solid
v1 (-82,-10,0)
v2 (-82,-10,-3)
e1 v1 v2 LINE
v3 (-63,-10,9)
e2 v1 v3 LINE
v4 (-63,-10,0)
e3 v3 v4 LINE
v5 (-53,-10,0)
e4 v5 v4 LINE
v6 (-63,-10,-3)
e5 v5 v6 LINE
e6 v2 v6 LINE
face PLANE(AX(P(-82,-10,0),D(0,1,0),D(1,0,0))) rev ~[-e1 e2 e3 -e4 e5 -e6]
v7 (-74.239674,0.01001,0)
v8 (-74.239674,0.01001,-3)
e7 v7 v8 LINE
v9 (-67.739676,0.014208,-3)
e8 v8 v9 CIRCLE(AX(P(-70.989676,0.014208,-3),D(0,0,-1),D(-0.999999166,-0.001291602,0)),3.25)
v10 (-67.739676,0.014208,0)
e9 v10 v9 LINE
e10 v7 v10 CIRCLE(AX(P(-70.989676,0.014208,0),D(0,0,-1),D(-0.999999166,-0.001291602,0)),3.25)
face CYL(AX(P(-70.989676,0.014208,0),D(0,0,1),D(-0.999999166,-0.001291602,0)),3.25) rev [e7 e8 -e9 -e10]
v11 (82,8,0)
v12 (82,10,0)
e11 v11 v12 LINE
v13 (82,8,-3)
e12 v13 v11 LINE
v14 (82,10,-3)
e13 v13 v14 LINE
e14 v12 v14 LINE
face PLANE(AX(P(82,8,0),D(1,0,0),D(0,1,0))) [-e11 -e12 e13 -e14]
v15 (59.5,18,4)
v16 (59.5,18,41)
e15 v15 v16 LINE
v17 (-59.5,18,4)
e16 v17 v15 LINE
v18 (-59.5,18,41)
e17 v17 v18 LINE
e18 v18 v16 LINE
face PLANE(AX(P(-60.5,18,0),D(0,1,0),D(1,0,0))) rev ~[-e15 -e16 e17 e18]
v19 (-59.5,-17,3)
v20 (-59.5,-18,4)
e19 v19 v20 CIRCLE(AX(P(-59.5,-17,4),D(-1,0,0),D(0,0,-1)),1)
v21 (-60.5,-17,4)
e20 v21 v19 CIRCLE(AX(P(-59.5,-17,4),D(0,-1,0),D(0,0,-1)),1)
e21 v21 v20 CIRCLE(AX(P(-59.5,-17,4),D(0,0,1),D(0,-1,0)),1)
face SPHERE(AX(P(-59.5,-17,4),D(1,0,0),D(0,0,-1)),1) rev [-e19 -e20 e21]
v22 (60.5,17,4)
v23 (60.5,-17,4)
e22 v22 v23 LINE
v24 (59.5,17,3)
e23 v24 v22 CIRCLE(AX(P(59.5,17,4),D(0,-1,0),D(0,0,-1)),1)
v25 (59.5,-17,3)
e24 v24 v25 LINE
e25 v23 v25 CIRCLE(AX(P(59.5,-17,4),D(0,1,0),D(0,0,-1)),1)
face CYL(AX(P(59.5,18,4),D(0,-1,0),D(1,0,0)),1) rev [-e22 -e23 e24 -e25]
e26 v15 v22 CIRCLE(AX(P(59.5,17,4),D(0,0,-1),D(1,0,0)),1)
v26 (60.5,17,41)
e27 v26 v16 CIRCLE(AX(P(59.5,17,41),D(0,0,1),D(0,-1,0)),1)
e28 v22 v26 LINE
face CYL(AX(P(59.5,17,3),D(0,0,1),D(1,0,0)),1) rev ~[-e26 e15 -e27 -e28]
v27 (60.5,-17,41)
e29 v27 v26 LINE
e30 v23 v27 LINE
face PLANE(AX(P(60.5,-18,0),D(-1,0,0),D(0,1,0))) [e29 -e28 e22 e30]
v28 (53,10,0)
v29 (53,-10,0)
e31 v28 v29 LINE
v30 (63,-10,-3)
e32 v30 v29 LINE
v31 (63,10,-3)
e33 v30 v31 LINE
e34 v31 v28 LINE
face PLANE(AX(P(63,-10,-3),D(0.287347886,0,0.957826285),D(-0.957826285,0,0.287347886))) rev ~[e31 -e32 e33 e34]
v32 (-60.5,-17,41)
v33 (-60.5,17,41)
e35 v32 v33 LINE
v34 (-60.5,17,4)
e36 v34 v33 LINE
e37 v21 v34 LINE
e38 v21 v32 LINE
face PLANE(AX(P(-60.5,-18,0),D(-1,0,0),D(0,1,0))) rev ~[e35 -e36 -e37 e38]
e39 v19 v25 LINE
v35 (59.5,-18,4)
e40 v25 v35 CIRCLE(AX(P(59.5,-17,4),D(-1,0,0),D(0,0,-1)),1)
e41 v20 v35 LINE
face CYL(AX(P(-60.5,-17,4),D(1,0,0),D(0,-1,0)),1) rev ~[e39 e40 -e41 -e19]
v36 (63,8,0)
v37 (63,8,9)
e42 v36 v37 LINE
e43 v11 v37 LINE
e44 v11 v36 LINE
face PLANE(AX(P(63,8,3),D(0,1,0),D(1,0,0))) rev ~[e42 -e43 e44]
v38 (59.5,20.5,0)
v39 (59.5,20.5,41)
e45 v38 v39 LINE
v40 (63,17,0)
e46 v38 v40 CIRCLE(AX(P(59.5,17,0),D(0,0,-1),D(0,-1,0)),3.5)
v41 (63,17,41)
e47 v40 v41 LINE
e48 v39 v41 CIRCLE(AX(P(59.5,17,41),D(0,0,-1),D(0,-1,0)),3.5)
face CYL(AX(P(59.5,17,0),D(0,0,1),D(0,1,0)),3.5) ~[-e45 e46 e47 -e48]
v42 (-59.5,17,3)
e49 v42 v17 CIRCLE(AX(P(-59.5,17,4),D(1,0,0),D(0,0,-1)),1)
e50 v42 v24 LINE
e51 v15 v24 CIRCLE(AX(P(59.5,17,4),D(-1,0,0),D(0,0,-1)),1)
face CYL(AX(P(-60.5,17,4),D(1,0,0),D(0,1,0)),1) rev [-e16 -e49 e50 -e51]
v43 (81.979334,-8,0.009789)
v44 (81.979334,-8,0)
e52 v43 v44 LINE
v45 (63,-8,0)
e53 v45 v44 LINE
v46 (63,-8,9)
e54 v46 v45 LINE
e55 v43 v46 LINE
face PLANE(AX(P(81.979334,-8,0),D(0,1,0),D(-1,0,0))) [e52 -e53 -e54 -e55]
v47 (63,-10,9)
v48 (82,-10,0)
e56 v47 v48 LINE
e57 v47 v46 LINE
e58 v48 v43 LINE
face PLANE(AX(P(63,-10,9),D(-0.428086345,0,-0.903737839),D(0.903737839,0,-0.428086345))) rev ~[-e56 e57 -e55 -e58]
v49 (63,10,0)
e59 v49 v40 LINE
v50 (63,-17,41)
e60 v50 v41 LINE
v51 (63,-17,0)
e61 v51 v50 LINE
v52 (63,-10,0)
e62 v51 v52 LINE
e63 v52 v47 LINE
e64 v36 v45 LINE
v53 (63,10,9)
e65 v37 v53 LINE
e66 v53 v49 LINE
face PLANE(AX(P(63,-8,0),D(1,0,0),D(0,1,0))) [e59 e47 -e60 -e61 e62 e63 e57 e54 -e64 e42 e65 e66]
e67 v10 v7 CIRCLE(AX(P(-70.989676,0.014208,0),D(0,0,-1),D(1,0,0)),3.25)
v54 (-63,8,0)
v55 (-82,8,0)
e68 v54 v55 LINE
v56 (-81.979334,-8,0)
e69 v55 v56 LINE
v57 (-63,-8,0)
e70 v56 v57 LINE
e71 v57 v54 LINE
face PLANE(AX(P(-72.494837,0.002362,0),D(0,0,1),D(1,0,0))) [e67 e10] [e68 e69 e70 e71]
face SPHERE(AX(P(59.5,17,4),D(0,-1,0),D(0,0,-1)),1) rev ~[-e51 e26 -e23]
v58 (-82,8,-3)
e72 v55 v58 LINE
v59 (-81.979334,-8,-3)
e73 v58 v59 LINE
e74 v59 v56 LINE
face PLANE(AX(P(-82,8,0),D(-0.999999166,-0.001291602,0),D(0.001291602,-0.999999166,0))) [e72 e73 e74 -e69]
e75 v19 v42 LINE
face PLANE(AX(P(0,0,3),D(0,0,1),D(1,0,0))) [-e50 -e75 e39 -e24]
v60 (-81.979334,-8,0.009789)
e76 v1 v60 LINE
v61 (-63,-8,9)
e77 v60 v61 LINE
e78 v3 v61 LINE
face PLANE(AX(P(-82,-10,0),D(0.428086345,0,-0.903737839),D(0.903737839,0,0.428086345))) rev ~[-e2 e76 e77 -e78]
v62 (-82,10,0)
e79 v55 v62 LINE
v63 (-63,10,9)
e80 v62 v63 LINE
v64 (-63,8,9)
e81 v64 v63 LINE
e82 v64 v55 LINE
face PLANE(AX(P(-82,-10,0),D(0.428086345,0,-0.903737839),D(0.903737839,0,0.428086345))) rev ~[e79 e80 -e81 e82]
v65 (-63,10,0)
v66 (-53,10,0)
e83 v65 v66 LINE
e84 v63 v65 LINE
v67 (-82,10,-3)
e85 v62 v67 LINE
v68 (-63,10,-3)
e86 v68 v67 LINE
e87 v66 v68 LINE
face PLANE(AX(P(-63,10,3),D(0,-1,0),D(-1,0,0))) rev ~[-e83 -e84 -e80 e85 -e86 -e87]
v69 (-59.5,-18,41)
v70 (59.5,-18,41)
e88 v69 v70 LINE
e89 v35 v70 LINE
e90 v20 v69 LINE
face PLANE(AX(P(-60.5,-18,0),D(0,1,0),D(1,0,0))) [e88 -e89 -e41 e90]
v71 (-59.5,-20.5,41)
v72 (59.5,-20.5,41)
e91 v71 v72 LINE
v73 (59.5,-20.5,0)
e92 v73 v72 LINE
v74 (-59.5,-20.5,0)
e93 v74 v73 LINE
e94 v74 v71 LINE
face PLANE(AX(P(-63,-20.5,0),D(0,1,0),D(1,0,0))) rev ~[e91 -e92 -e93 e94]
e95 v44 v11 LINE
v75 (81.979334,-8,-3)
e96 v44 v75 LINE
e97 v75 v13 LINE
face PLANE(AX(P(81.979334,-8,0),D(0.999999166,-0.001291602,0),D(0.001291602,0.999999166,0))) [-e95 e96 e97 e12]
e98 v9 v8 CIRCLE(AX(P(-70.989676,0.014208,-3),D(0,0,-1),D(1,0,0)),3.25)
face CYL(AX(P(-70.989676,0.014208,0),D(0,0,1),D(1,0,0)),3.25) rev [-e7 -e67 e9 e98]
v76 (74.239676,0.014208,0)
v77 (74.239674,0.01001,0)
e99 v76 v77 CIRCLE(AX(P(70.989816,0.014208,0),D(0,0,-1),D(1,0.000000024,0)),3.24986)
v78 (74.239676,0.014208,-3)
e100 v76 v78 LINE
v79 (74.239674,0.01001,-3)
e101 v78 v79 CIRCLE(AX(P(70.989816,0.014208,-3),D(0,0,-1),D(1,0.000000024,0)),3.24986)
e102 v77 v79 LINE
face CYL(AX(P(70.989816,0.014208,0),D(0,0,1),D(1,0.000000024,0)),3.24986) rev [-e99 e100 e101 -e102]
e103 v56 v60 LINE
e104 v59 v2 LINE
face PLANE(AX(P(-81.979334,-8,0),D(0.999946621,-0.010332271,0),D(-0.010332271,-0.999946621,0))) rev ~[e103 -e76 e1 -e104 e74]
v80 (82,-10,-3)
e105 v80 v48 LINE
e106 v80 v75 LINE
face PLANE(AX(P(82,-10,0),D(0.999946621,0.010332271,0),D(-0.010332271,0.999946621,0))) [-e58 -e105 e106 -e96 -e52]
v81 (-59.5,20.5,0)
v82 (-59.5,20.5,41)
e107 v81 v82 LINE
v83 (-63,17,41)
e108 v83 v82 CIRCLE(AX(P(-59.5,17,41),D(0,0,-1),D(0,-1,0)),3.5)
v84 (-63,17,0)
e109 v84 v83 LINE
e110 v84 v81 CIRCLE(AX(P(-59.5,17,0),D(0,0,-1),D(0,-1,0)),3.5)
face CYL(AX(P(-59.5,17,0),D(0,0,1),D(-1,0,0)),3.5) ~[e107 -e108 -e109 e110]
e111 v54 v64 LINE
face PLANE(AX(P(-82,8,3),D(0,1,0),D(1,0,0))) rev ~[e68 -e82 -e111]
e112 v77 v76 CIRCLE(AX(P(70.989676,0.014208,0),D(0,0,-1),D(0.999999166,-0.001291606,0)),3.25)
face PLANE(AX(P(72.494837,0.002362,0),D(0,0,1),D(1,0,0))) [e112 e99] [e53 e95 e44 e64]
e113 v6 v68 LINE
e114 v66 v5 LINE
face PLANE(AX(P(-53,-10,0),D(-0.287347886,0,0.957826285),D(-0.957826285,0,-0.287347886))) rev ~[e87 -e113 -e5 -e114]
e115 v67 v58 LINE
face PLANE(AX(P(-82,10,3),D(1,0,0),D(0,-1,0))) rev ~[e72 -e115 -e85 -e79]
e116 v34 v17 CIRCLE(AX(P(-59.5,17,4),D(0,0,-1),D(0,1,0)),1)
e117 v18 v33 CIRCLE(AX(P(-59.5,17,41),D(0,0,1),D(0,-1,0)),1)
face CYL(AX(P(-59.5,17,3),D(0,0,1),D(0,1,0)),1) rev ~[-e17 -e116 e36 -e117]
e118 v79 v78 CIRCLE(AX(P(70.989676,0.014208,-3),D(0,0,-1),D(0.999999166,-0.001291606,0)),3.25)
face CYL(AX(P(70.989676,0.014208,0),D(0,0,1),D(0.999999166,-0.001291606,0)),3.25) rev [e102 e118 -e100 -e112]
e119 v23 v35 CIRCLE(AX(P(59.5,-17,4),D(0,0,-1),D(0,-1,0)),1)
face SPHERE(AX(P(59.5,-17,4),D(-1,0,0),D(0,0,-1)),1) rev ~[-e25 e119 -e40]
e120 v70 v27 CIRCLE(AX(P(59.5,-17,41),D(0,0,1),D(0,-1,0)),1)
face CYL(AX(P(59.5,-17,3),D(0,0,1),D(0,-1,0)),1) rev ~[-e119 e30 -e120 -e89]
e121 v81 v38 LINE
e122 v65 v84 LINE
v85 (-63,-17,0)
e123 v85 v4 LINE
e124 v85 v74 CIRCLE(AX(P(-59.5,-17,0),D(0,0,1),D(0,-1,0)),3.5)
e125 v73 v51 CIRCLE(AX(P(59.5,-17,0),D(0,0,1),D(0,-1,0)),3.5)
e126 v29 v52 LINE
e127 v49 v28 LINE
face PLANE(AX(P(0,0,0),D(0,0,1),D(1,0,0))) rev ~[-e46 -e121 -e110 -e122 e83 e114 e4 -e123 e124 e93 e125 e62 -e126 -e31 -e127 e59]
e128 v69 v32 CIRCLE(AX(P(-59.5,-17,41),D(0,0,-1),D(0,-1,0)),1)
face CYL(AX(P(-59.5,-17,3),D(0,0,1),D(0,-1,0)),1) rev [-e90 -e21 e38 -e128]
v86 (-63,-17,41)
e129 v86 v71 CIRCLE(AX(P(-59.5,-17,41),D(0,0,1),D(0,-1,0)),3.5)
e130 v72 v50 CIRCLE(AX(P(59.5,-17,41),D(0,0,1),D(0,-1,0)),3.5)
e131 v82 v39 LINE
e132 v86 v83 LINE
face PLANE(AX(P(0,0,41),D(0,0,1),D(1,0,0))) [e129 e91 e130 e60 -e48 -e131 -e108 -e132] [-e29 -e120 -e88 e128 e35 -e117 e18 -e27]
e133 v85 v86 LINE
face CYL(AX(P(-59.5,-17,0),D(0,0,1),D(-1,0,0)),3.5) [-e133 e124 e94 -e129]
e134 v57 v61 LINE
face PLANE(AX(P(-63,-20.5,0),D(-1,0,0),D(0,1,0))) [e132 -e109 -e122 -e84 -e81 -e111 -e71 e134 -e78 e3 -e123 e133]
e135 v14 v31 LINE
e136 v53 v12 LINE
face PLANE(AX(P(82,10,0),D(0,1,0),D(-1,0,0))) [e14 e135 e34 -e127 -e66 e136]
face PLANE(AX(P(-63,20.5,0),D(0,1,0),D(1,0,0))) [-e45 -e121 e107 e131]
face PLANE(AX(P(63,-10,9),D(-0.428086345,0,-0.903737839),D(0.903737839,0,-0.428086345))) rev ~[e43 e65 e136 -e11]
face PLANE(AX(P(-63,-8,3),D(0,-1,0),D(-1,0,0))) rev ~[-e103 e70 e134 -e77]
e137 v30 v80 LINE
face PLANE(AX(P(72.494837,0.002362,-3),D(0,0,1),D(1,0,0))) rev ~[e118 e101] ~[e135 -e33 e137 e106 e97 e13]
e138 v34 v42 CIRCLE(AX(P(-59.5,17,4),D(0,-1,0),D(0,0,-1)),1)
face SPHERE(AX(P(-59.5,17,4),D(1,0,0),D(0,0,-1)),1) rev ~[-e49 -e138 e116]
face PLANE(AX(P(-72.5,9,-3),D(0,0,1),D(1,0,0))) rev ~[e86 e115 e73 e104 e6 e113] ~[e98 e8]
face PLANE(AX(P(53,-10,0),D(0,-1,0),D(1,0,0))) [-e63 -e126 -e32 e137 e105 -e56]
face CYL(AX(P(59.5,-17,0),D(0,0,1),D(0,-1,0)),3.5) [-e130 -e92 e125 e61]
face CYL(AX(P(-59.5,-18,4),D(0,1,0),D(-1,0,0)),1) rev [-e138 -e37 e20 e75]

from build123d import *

# Parameters (mm, degrees)
F0_W     = 126
F0_H     = 41
F0_W_2   = 121
F0_H_2   = 36
F1_DEPTH = 41
F2_DEPTH = 3
F3_W     = 10
F3_H     = 2
F3_H_2   = 16
F4_DEPTH = 3
F5_DEPTH = 3
F6_DEPTH = 6
F8_DEPTH = 20
F9_R     = 3.5
F10_R    = 1


with BuildPart() as f1:
    # F0 (on Top) → F1 (new body)
    with BuildSketch(Plane.XY):
        Rectangle(F0_W, F0_H)
        Rectangle(F0_W_2, F0_H_2, mode=Mode.SUBTRACT)
    extrude(amount=F1_DEPTH)

    # F0 (on Top) → F2 (join)
    with BuildSketch(Plane.XY):
        Rectangle(F0_W_2, F0_H_2)
    extrude(amount=F2_DEPTH)

    # F3 (on Top) → F4 (join, symmetric)
    with BuildSketch(Plane.XY):
        Polygon((-82, 8), (-81.9793343544, 8), (-63, 8), (-63, 10), (-82, 10), align=None)
        with Locations((-58, 9)):
            Rectangle(F3_W, F3_H)
        with Locations((-58, 0)):
            Rectangle(F3_W, F3_H_2)
        Polygon((-63, -10), (-63, -8), (-81.9793343544, -8), (-82, -10), align=None)
        with Locations((-58, -9)):
            Rectangle(F3_W, F3_H)
        Polygon((81.9793343544, -8), (63, -8), (63, -10), (82, -10), align=None)
        with Locations((58, -9)):
            Rectangle(F3_W, F3_H)
        with Locations((58, 0)):
            Rectangle(F3_W, F3_H_2)
        with Locations((58, 9)):
            Rectangle(F3_W, F3_H)
        Polygon((63, 8), (81.9793343544, 8), (82, 8), (82, 10), (63, 10), align=None)
    extrude(amount=F4_DEPTH, both=True)

    # F3 (on Top) → F5 (join)
    with BuildSketch(Plane.XY):
        Polygon((82, 8), (81.9793343544, 8), (63, 8), (63, -8), (81.9793343544, -8), (81.9896671772, 0), align=None)
        with BuildLine():
            ThreePointArc((74.2396763525, 0.0142076195), (74.2396756748, 0.0121087662), (74.2396736416, 0.0100099137))
            ThreePointArc((74.2396736416, 0.0100099137), (67.7396770302, 0.0163064728), (74.2396763525, 0.0142076195))
        make_face(mode=Mode.SUBTRACT)
        Polygon((-63, 8), (-81.9793343544, 8), (-82, 8), (-81.9896671772, 0), (-81.9793343544, -8), (-63, -8), align=None)
        with BuildLine():
            ThreePointArc((-67.7396763525, 0.0142076195), (-70.9875774992, -3.2357917028), (-74.2396736416, 0.0100099137))
            ThreePointArc((-74.2396736416, 0.0100099137), (-70.9917752058, 3.2642069418), (-67.7396763525, 0.0142076195))
        make_face(mode=Mode.SUBTRACT)
    extrude(amount=-F5_DEPTH)

    # F6 (add): faces of the model
    f6_faces = [f1.faces().sort_by_distance(p)[0] for p in [
        (-72.5, 9, 3),
        (-72.4948345257, -9.0001813762, 3),
        (72.5, 9, 3),
        (72.4948345257, -9.0001813762, 3),
    ]]
    extrude(f6_faces, amount=F6_DEPTH)

    # F7 (on face) → F8 (cut)
    with BuildSketch(Plane.XZ.offset(10)):
        Polygon((63, 9), (82, 0), (82, 9), align=None)
        Polygon((53, -3), (63, -3), (53, 0), align=None)
        Polygon((-82, 9), (-82, 0), (-63, 9), align=None)
        Polygon((-53, 0), (-63, -3), (-53, -3), align=None)
    extrude(amount=-F8_DEPTH, mode=Mode.SUBTRACT)

    # F9
    f9_edges = [f1.edges().sort_by_distance(p)[0] for p in [
        (-63, -20.5, 20.5),
        (-63, 20.5, 20.5),
        (63, 20.5, 20.5),
        (63, -20.5, 20.5),
    ]]
    fillet(f9_edges, radius=F9_R)

    # F10
    f10_edges = [f1.edges().sort_by_distance(p)[0] for p in [
        (0, -18, 3),
        (60.5, 0, 3),
        (60.5, -18, 22),
        (0, 18, 3),
        (60.5, 18, 22),
        (-60.5, 0, 3),
        (-60.5, 18, 22),
        (-60.5, -18, 22),
    ]]
    fillet(f10_edges, radius=F10_R)


solid = f1.part
